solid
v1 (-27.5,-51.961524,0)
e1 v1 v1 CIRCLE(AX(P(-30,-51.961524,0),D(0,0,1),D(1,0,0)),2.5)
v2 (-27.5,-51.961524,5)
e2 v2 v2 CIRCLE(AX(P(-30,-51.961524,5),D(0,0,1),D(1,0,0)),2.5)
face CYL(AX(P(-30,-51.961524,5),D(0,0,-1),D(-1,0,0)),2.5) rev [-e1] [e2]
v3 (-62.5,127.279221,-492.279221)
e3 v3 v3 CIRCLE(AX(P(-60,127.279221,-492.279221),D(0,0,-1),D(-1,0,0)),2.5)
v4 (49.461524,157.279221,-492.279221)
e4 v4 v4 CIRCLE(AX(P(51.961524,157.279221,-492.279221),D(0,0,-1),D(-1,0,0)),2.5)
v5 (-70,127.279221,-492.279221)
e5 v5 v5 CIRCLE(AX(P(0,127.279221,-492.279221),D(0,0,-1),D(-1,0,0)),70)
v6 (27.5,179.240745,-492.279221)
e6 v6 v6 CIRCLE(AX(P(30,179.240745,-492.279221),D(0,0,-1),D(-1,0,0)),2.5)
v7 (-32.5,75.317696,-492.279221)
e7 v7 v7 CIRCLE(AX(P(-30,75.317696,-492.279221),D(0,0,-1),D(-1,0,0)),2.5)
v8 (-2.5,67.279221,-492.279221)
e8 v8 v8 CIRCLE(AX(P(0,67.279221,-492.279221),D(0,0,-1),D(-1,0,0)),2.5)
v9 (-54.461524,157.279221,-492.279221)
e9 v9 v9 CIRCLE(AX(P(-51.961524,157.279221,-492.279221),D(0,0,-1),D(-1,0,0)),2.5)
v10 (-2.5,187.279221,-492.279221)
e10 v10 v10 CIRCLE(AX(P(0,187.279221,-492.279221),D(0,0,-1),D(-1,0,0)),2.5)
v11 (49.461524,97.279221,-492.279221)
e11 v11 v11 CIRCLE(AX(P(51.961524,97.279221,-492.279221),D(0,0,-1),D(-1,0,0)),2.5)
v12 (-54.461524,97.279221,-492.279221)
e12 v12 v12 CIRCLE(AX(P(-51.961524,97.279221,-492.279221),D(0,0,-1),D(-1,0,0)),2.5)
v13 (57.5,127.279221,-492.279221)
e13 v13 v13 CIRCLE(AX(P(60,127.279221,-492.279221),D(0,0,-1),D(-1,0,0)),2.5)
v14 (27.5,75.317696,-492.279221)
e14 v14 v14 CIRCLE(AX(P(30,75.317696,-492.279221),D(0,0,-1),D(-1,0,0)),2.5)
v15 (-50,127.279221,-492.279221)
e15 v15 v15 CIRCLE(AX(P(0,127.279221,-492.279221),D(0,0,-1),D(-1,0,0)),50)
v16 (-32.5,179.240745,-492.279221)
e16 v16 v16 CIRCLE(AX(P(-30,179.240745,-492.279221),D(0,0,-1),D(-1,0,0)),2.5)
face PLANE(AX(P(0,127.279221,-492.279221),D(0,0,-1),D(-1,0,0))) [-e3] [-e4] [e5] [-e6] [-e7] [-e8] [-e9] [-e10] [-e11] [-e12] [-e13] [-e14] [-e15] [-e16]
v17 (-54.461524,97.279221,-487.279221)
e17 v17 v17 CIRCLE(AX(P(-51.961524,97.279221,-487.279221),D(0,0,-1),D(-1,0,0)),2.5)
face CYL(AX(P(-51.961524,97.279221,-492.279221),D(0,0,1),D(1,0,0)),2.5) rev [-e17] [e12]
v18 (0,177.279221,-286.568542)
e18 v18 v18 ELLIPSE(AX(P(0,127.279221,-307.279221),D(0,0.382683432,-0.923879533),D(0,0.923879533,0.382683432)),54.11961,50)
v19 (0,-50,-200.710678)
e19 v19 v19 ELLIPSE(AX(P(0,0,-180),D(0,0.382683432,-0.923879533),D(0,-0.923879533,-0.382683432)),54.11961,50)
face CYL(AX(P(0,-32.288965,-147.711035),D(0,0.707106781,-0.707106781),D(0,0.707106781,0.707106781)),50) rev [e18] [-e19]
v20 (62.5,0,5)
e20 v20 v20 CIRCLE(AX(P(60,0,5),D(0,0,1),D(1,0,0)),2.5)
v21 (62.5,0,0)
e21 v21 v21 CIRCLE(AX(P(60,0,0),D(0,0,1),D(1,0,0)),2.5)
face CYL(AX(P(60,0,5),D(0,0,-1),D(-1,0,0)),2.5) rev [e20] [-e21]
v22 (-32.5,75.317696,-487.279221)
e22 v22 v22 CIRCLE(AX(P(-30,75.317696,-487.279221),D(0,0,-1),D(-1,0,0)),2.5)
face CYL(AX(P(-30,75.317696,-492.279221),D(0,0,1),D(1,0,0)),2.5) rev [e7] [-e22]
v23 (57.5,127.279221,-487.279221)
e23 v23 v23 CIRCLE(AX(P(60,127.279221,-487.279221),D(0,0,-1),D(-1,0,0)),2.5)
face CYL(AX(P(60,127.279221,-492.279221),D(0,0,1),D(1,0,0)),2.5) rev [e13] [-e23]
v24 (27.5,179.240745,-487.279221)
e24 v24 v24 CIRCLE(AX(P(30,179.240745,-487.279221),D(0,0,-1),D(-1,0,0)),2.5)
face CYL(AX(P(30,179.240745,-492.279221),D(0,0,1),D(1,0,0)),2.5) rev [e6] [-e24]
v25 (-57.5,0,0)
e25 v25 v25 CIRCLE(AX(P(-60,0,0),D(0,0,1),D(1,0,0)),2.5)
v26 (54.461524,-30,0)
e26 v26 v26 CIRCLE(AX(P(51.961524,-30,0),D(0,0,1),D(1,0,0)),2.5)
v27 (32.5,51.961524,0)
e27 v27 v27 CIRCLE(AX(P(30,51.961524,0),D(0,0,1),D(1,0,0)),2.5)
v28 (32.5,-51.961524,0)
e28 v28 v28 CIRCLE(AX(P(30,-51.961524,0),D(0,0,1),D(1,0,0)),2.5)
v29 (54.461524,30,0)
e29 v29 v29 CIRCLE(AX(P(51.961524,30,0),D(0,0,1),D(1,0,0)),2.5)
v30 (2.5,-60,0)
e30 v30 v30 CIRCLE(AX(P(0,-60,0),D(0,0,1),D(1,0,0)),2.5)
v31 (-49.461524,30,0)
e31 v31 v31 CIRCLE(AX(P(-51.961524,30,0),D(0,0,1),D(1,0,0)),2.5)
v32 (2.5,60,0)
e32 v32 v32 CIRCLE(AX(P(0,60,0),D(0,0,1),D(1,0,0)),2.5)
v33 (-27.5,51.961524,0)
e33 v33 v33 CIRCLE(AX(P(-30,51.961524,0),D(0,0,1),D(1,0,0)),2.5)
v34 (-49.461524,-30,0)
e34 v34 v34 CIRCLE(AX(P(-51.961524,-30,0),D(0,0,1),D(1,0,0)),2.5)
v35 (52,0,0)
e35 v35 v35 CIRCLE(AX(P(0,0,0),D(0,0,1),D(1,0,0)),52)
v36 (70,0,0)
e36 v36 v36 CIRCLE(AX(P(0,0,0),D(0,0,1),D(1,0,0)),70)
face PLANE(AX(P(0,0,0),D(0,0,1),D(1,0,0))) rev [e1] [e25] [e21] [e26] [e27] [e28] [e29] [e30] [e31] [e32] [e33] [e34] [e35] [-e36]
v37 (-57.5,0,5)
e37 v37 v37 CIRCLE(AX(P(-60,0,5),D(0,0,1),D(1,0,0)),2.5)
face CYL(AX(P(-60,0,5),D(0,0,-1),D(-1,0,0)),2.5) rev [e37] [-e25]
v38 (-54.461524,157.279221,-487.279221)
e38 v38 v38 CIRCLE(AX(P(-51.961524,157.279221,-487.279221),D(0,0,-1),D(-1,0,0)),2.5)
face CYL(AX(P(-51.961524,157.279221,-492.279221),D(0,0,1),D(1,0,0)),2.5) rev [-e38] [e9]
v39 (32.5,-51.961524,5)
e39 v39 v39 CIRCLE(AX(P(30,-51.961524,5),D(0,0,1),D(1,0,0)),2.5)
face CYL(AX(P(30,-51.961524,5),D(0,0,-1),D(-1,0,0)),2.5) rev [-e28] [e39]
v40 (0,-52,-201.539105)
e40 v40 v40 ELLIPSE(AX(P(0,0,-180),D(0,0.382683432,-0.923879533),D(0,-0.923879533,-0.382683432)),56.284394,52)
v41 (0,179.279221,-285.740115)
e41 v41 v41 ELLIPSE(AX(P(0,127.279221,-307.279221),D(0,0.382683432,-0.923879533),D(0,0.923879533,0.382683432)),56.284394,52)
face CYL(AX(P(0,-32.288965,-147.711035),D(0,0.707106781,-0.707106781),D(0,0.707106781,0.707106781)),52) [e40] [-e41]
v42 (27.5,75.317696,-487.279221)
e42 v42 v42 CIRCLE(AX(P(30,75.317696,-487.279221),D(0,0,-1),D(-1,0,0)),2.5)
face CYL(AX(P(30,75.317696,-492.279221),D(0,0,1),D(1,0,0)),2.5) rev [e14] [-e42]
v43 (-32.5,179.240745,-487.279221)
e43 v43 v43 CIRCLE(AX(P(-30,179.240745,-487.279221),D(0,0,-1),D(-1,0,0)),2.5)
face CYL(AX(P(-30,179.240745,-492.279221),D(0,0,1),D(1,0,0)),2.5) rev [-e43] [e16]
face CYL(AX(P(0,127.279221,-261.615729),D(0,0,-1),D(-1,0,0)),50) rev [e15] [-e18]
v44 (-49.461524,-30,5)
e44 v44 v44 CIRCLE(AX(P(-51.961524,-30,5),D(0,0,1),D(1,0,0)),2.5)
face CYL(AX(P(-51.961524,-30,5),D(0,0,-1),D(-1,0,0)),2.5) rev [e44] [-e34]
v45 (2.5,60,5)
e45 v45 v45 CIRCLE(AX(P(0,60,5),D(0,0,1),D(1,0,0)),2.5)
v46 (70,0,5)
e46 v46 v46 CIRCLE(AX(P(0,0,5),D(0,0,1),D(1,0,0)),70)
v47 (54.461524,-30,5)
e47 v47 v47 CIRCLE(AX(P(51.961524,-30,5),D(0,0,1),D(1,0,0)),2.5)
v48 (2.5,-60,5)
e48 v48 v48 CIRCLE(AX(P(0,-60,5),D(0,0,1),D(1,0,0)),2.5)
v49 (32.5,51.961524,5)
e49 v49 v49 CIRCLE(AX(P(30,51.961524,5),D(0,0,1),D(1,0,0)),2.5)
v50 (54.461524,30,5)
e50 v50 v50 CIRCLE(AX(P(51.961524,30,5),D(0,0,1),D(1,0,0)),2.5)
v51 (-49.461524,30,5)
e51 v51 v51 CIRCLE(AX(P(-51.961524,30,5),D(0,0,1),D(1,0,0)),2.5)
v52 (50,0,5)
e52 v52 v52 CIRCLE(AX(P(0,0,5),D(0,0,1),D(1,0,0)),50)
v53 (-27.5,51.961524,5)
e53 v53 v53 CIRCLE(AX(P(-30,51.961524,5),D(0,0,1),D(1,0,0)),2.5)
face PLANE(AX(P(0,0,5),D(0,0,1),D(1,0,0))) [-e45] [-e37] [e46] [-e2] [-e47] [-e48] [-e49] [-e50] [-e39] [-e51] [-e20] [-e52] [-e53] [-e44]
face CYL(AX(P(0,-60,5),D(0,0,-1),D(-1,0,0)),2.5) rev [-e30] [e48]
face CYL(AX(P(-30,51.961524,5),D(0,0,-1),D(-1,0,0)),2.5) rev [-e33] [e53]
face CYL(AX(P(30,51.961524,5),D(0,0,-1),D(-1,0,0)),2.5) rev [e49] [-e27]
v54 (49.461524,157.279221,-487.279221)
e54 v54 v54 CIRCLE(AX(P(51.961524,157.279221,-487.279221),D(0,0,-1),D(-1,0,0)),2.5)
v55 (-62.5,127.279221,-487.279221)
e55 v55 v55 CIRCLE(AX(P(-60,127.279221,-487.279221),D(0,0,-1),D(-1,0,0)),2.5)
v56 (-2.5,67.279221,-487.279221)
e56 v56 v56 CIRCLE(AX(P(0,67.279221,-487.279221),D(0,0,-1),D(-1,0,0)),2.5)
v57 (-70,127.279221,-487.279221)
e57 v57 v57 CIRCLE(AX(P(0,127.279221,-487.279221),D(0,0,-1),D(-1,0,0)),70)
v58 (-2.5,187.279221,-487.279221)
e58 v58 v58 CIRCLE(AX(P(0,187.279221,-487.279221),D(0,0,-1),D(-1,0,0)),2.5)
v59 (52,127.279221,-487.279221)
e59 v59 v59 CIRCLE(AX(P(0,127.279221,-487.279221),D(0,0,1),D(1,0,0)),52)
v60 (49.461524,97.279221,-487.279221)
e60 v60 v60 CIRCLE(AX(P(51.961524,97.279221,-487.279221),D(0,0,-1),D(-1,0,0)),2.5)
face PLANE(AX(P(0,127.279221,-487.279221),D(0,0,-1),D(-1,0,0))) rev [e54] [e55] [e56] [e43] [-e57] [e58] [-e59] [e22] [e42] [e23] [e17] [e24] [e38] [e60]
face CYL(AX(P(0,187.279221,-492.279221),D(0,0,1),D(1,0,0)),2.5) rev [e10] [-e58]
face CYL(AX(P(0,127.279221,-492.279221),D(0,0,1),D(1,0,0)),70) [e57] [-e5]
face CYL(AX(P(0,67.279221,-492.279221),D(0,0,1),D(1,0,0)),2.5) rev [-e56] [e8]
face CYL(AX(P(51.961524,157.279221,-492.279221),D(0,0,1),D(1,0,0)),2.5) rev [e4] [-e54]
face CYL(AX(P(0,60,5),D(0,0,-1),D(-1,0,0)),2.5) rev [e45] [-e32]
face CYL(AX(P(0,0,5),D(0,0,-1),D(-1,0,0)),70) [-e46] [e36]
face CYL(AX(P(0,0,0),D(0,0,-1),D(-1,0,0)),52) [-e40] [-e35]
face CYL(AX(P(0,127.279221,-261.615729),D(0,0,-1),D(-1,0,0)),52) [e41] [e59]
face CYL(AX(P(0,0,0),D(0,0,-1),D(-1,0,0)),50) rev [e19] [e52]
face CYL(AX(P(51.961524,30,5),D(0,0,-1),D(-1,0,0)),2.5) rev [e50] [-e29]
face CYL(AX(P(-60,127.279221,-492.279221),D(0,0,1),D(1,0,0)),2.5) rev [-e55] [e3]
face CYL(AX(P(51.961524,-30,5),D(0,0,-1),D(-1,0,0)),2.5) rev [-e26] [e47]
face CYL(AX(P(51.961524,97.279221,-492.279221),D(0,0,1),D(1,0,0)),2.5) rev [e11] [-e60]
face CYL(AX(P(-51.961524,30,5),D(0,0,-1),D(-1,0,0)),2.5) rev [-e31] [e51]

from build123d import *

# Parameters (mm, degrees)
SKETCH2_R           = 52
SKETCH2_R_2         = 50
SKETCH4_R           = 70
SKETCH4_R_2         = 50
SKETCH4_R_3         = 2.5
BOSS_EXTRUDE1_DEPTH = 5
BOSS_EXTRUDE2_START = 5
SKETCH5_R           = 70
SKETCH5_R_2         = 50
SKETCH5_R_3         = 2.5
BOSS_EXTRUDE2_DEPTH = 5


with BuildPart() as part:
    # Sweep-Thin1: sweep along a path in Sketch3
    with BuildLine(Plane(origin=(0, 0, 0), x_dir=(0, 0, -1), z_dir=(1, 0, 0))) as sweep_thin1_path:
        Line((0, 0), (180, 0))
        Line((180, 0), (307.279220614, 127.279220614))
        Line((307.279220614, 127.279220614), (487.279220614, 127.279220614))
    # Sketch2 → Sweep-Thin1 (sweep)
    with BuildSketch(Plane.XY):
        Circle(SKETCH2_R)
        Circle(SKETCH2_R_2, mode=Mode.SUBTRACT)
    sweep(path=sweep_thin1_path.line, transition=Transition.RIGHT)

    # Sketch4 → Boss-Extrude1 (add)
    with BuildSketch(Plane.XY):
        Circle(SKETCH4_R)
        with Locations(Location((0, 0, 0), (0, 0, 90))):
            Circle(SKETCH4_R_2, mode=Mode.SUBTRACT)
        with Locations((0, -60)):
            Circle(SKETCH4_R_3, mode=Mode.SUBTRACT)
        with Locations((-30, -51.961524227)):
            Circle(SKETCH4_R_3, mode=Mode.SUBTRACT)
        with Locations((-51.961524227, -30)):
            Circle(SKETCH4_R_3, mode=Mode.SUBTRACT)
        with Locations((-60, 0)):
            Circle(SKETCH4_R_3, mode=Mode.SUBTRACT)
        with Locations((-51.961524227, 30)):
            Circle(SKETCH4_R_3, mode=Mode.SUBTRACT)
        with Locations((-30, 51.961524227)):
            Circle(SKETCH4_R_3, mode=Mode.SUBTRACT)
        with Locations((0, 60)):
            Circle(SKETCH4_R_3, mode=Mode.SUBTRACT)
        with Locations((30, 51.961524227)):
            Circle(SKETCH4_R_3, mode=Mode.SUBTRACT)
        with Locations((51.961524227, 30)):
            Circle(SKETCH4_R_3, mode=Mode.SUBTRACT)
        with Locations((60, 0)):
            Circle(SKETCH4_R_3, mode=Mode.SUBTRACT)
        with Locations((51.961524227, -30)):
            Circle(SKETCH4_R_3, mode=Mode.SUBTRACT)
        with Locations((30, -51.961524227)):
            Circle(SKETCH4_R_3, mode=Mode.SUBTRACT)
    extrude(amount=BOSS_EXTRUDE1_DEPTH)

    # Sketch5 → Boss-Extrude2 (add)
    with BuildSketch(Plane(origin=(0, 0, -487.279220614), x_dir=(-1, 0, 0), z_dir=(0, 0, -1)).offset(BOSS_EXTRUDE2_START)):
        with Locations((0, 127.279220614)):
            Circle(SKETCH5_R)
        with Locations((0, 127.279220614)):
            Circle(SKETCH5_R_2, mode=Mode.SUBTRACT)
        with Locations((0, 67.279220614)):
            Circle(SKETCH5_R_3, mode=Mode.SUBTRACT)
        with Locations((-30, 75.317696387)):
            Circle(SKETCH5_R_3, mode=Mode.SUBTRACT)
        with Locations((-51.961524227, 97.279220614)):
            Circle(SKETCH5_R_3, mode=Mode.SUBTRACT)
        with Locations((-60, 127.279220614)):
            Circle(SKETCH5_R_3, mode=Mode.SUBTRACT)
        with Locations((-51.961524227, 157.279220614)):
            Circle(SKETCH5_R_3, mode=Mode.SUBTRACT)
        with Locations((-30, 179.240744841)):
            Circle(SKETCH5_R_3, mode=Mode.SUBTRACT)
        with Locations((0, 187.279220614)):
            Circle(SKETCH5_R_3, mode=Mode.SUBTRACT)
        with Locations((30, 179.240744841)):
            Circle(SKETCH5_R_3, mode=Mode.SUBTRACT)
        with Locations((51.961524227, 157.279220614)):
            Circle(SKETCH5_R_3, mode=Mode.SUBTRACT)
        with Locations((60, 127.279220614)):
            Circle(SKETCH5_R_3, mode=Mode.SUBTRACT)
        with Locations((51.961524227, 97.279220614)):
            Circle(SKETCH5_R_3, mode=Mode.SUBTRACT)
        with Locations((30, 75.317696387)):
            Circle(SKETCH5_R_3, mode=Mode.SUBTRACT)
    extrude(amount=-BOSS_EXTRUDE2_DEPTH)


solid = part.part
